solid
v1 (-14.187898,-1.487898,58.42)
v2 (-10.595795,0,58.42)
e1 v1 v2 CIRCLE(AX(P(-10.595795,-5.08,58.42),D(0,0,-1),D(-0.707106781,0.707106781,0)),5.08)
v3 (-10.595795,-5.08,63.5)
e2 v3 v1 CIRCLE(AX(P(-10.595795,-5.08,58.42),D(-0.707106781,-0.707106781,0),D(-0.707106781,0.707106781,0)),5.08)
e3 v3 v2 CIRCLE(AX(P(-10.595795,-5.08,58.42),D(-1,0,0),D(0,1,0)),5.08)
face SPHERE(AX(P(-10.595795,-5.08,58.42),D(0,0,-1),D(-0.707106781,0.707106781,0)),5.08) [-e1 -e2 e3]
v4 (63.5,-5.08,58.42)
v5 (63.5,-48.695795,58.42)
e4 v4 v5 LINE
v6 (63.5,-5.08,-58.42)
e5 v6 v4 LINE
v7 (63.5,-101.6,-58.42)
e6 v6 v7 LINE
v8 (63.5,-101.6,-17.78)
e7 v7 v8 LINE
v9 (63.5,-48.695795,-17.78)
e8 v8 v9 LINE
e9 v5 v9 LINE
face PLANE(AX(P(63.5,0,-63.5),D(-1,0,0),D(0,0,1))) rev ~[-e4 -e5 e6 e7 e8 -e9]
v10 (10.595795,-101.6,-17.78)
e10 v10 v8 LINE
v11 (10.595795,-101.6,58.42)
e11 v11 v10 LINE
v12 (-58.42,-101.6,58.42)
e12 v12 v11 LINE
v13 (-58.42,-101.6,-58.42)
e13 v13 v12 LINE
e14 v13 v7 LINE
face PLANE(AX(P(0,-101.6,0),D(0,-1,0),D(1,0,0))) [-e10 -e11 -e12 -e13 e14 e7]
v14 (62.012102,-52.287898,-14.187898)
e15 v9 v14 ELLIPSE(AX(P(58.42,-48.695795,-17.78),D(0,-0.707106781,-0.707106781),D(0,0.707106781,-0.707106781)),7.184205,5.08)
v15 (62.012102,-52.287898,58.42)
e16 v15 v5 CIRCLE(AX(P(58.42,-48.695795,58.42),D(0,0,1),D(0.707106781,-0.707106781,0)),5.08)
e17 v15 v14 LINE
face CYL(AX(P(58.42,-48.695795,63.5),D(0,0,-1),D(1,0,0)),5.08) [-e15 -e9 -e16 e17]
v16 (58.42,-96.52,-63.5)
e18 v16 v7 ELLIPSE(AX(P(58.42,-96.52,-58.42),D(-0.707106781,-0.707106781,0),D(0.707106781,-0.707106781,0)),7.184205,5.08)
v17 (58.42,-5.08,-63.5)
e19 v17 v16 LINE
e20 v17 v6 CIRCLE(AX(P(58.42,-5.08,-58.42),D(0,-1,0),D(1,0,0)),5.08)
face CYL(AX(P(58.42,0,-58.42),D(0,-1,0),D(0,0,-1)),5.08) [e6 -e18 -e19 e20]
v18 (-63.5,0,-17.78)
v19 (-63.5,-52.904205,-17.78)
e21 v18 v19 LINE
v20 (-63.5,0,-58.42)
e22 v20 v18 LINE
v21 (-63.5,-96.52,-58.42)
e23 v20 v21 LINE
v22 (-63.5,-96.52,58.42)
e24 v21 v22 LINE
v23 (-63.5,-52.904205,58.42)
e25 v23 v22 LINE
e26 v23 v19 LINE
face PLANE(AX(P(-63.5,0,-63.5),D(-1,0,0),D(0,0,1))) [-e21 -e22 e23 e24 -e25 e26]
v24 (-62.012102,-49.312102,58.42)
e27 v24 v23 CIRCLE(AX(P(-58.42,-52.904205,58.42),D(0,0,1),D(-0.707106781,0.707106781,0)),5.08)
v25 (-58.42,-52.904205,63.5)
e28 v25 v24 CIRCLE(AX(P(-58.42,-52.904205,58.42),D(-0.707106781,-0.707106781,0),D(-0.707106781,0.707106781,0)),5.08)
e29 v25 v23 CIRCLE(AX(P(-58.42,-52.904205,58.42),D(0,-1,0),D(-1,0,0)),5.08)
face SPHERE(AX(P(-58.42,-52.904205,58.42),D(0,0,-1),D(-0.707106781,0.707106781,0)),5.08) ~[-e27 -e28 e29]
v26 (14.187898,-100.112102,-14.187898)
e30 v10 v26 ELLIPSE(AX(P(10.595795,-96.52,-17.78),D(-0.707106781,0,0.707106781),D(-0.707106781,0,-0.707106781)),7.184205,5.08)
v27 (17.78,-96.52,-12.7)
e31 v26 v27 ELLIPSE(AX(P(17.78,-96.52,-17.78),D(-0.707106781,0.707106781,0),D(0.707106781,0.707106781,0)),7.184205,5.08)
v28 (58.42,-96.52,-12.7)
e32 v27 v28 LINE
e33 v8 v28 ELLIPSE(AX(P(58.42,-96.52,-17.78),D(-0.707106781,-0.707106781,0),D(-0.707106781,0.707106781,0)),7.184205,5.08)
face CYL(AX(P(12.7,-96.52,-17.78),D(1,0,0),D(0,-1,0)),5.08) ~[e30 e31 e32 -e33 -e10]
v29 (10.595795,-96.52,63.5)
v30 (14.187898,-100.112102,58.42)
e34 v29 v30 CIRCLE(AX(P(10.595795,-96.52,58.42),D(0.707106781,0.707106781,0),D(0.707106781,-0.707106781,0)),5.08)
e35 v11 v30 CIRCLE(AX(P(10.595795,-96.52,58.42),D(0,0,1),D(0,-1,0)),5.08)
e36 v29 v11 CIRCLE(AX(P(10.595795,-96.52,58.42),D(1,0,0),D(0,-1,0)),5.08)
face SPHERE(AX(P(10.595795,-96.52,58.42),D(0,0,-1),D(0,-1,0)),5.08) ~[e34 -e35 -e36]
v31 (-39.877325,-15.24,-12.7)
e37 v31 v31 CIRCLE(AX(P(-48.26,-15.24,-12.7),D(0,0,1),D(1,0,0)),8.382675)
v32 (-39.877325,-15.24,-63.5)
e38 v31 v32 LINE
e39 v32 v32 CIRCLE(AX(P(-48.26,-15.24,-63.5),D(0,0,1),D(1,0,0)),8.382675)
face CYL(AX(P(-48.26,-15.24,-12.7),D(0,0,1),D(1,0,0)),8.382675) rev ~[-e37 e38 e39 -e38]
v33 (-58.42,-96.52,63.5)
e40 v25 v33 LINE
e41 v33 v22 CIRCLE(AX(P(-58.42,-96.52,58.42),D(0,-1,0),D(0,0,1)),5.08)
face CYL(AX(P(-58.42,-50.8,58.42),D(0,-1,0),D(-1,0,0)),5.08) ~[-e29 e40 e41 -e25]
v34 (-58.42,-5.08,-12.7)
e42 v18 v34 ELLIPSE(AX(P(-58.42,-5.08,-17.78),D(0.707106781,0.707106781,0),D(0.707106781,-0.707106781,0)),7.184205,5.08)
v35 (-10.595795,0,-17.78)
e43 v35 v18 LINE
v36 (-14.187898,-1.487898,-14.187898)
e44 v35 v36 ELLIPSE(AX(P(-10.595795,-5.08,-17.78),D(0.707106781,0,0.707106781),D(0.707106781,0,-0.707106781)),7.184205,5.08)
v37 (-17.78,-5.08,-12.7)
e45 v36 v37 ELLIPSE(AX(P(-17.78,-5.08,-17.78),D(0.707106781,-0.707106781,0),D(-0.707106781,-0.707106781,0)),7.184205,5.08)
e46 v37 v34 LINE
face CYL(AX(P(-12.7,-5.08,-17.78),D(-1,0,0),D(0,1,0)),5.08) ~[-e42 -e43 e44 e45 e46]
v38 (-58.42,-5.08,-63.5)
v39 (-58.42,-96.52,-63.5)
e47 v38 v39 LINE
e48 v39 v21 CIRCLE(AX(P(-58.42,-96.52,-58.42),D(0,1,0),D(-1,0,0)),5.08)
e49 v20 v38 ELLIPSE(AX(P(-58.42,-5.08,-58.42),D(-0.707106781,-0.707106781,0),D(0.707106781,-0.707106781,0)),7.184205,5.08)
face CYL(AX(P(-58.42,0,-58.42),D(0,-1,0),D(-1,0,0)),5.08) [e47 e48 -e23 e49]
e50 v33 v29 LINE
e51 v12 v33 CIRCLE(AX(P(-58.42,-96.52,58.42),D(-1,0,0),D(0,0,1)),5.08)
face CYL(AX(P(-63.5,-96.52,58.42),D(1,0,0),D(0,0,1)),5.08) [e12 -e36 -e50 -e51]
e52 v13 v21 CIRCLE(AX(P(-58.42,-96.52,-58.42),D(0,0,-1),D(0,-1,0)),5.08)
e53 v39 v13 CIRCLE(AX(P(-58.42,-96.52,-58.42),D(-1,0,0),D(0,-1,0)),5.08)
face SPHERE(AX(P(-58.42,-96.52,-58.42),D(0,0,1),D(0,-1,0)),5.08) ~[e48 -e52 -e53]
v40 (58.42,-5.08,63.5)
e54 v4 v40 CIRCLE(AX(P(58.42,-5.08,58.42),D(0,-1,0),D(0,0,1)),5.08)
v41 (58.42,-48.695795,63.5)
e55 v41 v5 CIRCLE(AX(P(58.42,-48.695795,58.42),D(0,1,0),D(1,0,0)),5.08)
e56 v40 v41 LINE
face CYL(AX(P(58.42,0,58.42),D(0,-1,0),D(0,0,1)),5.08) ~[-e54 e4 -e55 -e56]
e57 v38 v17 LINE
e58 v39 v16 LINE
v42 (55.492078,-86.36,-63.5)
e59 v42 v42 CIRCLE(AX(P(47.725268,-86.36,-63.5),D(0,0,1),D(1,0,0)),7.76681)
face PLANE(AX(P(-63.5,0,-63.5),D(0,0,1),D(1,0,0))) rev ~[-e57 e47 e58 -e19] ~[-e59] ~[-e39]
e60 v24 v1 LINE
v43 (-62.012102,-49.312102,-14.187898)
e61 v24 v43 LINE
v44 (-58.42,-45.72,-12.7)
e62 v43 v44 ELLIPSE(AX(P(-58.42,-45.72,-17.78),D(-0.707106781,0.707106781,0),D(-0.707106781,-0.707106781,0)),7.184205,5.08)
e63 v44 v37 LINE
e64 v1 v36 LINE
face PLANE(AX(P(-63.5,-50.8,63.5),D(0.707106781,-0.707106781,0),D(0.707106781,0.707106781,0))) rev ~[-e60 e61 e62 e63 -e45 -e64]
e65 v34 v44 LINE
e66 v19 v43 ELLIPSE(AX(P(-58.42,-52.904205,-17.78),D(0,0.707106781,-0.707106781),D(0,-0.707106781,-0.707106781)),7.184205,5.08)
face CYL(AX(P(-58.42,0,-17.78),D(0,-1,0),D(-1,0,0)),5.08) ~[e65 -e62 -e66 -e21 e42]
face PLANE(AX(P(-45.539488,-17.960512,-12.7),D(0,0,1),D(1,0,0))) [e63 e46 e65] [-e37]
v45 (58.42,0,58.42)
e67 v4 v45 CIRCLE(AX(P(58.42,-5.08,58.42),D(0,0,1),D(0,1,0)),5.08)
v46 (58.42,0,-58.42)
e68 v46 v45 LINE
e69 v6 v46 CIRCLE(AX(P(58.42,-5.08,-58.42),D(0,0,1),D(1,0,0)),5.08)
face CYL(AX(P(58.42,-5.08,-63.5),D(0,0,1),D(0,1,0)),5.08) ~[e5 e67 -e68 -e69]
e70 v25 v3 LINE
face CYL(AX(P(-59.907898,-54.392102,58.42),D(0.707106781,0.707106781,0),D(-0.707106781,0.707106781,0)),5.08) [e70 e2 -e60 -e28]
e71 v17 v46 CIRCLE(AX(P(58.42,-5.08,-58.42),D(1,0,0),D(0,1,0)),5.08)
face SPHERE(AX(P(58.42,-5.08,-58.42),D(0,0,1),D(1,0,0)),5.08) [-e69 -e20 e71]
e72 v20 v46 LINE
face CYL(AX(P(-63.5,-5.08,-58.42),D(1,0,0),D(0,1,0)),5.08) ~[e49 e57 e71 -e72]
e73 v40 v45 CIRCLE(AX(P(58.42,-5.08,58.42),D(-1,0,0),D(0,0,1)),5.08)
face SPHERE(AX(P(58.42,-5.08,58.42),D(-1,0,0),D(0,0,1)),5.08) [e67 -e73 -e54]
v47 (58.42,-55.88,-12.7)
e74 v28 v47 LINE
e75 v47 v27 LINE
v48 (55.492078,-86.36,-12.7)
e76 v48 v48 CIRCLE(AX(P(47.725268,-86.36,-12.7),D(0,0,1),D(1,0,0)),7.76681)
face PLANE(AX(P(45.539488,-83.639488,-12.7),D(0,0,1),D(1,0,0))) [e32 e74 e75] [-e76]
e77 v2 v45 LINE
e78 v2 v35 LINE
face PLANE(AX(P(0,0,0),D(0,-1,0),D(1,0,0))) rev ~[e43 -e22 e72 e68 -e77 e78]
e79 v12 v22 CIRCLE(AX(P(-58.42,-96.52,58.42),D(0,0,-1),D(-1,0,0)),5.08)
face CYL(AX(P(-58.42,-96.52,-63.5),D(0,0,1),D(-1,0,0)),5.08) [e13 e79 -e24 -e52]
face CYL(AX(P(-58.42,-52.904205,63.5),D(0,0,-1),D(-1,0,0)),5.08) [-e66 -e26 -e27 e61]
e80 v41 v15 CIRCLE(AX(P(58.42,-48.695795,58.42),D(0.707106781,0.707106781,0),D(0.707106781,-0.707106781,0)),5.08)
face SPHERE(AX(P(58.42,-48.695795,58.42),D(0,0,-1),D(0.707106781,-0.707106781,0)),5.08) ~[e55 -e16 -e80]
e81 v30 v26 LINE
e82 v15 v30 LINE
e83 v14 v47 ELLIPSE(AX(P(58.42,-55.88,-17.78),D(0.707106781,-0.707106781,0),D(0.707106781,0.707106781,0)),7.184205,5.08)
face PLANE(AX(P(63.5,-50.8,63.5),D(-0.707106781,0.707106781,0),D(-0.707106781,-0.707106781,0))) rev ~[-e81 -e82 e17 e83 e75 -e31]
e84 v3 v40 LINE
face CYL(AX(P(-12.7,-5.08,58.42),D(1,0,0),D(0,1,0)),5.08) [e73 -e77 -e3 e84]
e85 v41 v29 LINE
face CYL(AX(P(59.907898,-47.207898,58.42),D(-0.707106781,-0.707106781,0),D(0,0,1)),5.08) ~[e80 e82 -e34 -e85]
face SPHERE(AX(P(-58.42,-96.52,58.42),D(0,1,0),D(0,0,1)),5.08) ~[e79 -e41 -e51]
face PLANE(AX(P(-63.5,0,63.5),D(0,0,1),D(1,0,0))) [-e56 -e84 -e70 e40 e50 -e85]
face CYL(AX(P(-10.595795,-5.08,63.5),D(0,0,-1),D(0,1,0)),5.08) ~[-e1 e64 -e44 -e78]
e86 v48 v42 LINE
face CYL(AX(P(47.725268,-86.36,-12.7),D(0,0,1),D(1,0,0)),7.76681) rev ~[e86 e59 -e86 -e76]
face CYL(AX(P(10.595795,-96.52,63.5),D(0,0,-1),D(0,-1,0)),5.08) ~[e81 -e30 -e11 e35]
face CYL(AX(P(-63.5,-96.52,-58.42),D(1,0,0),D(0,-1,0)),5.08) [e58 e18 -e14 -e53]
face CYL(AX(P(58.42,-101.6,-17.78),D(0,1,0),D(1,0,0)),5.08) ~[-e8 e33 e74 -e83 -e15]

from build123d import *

# Parameters (mm, degrees)
F0_W     = 127
F0_H     = 127
F1_DEPTH = 101.6
F3_DEPTH = 76.2
F5_DEPTH = 76.2
F7_R     = 8.382674823
F8_DEPTH = 50.8
F6_R     = 7.7668100233
F9_DEPTH = 50.8
F10_R    = 5.08


with BuildPart() as f1:
    # F0 (on Front) → F1 (new body)
    with BuildSketch(Plane.XZ):
        Rectangle(F0_W, F0_H)
    extrude(amount=F1_DEPTH)

    # F2 (on face) → F3 (cut)
    with BuildSketch(Plane.XY.offset(63.5)):
        Polygon((-12.7, 0), (-63.5, 0), (-63.5, -50.8), align=None)
    extrude(amount=-F3_DEPTH, mode=Mode.SUBTRACT)

    # F4 (on face) → F5 (cut)
    with BuildSketch(Plane.XY.offset(63.5)):
        Polygon((12.7, -101.6), (63.5, -101.6), (63.5, -50.8), align=None)
    extrude(amount=-F5_DEPTH, mode=Mode.SUBTRACT)

    # F7 (on face) → F8 (cut)
    with BuildSketch(Plane.XY.offset(-12.7)):
        with Locations((-48.26, -15.24)):
            Circle(F7_R)
    extrude(amount=-F8_DEPTH, mode=Mode.SUBTRACT)

    # F6 (on face) → F9 (cut)
    with BuildSketch(Plane.XY.offset(-12.7)):
        with Locations((47.7252677083, -86.36)):
            Circle(F6_R)
    extrude(amount=-F9_DEPTH, mode=Mode.SUBTRACT)

    # F10
    f10_edges = [f1.edges().sort_by_distance(p)[0] for p in [
        (-38.1, -25.4, 63.5),
        (-63.5, -76.2, 63.5),
        (-25.4, -101.6, 63.5),
        (38.1, -76.2, 63.5),
        (25.4, 0, 63.5),
        (63.5, -25.4, 63.5),
        (63.5, -50.8, 25.4),
        (63.5, 0, 0),
        (63.5, -50.8, -63.5),
        (63.5, -76.2, -12.7),
        (38.1, -101.6, -12.7),
        (12.7, -101.6, 25.4),
        (-63.5, -101.6, 0),
        (0, -101.6, -63.5),
        (-63.5, -50.8, -63.5),
        (-63.5, -50.8, 25.4),
        (-63.5, -25.4, -12.7),
        (0, 0, -63.5),
        (-38.1, 0, -12.7),
        (-12.7, 0, 25.4),
    ]]
    fillet(f10_edges, radius=F10_R)


solid = f1.part
